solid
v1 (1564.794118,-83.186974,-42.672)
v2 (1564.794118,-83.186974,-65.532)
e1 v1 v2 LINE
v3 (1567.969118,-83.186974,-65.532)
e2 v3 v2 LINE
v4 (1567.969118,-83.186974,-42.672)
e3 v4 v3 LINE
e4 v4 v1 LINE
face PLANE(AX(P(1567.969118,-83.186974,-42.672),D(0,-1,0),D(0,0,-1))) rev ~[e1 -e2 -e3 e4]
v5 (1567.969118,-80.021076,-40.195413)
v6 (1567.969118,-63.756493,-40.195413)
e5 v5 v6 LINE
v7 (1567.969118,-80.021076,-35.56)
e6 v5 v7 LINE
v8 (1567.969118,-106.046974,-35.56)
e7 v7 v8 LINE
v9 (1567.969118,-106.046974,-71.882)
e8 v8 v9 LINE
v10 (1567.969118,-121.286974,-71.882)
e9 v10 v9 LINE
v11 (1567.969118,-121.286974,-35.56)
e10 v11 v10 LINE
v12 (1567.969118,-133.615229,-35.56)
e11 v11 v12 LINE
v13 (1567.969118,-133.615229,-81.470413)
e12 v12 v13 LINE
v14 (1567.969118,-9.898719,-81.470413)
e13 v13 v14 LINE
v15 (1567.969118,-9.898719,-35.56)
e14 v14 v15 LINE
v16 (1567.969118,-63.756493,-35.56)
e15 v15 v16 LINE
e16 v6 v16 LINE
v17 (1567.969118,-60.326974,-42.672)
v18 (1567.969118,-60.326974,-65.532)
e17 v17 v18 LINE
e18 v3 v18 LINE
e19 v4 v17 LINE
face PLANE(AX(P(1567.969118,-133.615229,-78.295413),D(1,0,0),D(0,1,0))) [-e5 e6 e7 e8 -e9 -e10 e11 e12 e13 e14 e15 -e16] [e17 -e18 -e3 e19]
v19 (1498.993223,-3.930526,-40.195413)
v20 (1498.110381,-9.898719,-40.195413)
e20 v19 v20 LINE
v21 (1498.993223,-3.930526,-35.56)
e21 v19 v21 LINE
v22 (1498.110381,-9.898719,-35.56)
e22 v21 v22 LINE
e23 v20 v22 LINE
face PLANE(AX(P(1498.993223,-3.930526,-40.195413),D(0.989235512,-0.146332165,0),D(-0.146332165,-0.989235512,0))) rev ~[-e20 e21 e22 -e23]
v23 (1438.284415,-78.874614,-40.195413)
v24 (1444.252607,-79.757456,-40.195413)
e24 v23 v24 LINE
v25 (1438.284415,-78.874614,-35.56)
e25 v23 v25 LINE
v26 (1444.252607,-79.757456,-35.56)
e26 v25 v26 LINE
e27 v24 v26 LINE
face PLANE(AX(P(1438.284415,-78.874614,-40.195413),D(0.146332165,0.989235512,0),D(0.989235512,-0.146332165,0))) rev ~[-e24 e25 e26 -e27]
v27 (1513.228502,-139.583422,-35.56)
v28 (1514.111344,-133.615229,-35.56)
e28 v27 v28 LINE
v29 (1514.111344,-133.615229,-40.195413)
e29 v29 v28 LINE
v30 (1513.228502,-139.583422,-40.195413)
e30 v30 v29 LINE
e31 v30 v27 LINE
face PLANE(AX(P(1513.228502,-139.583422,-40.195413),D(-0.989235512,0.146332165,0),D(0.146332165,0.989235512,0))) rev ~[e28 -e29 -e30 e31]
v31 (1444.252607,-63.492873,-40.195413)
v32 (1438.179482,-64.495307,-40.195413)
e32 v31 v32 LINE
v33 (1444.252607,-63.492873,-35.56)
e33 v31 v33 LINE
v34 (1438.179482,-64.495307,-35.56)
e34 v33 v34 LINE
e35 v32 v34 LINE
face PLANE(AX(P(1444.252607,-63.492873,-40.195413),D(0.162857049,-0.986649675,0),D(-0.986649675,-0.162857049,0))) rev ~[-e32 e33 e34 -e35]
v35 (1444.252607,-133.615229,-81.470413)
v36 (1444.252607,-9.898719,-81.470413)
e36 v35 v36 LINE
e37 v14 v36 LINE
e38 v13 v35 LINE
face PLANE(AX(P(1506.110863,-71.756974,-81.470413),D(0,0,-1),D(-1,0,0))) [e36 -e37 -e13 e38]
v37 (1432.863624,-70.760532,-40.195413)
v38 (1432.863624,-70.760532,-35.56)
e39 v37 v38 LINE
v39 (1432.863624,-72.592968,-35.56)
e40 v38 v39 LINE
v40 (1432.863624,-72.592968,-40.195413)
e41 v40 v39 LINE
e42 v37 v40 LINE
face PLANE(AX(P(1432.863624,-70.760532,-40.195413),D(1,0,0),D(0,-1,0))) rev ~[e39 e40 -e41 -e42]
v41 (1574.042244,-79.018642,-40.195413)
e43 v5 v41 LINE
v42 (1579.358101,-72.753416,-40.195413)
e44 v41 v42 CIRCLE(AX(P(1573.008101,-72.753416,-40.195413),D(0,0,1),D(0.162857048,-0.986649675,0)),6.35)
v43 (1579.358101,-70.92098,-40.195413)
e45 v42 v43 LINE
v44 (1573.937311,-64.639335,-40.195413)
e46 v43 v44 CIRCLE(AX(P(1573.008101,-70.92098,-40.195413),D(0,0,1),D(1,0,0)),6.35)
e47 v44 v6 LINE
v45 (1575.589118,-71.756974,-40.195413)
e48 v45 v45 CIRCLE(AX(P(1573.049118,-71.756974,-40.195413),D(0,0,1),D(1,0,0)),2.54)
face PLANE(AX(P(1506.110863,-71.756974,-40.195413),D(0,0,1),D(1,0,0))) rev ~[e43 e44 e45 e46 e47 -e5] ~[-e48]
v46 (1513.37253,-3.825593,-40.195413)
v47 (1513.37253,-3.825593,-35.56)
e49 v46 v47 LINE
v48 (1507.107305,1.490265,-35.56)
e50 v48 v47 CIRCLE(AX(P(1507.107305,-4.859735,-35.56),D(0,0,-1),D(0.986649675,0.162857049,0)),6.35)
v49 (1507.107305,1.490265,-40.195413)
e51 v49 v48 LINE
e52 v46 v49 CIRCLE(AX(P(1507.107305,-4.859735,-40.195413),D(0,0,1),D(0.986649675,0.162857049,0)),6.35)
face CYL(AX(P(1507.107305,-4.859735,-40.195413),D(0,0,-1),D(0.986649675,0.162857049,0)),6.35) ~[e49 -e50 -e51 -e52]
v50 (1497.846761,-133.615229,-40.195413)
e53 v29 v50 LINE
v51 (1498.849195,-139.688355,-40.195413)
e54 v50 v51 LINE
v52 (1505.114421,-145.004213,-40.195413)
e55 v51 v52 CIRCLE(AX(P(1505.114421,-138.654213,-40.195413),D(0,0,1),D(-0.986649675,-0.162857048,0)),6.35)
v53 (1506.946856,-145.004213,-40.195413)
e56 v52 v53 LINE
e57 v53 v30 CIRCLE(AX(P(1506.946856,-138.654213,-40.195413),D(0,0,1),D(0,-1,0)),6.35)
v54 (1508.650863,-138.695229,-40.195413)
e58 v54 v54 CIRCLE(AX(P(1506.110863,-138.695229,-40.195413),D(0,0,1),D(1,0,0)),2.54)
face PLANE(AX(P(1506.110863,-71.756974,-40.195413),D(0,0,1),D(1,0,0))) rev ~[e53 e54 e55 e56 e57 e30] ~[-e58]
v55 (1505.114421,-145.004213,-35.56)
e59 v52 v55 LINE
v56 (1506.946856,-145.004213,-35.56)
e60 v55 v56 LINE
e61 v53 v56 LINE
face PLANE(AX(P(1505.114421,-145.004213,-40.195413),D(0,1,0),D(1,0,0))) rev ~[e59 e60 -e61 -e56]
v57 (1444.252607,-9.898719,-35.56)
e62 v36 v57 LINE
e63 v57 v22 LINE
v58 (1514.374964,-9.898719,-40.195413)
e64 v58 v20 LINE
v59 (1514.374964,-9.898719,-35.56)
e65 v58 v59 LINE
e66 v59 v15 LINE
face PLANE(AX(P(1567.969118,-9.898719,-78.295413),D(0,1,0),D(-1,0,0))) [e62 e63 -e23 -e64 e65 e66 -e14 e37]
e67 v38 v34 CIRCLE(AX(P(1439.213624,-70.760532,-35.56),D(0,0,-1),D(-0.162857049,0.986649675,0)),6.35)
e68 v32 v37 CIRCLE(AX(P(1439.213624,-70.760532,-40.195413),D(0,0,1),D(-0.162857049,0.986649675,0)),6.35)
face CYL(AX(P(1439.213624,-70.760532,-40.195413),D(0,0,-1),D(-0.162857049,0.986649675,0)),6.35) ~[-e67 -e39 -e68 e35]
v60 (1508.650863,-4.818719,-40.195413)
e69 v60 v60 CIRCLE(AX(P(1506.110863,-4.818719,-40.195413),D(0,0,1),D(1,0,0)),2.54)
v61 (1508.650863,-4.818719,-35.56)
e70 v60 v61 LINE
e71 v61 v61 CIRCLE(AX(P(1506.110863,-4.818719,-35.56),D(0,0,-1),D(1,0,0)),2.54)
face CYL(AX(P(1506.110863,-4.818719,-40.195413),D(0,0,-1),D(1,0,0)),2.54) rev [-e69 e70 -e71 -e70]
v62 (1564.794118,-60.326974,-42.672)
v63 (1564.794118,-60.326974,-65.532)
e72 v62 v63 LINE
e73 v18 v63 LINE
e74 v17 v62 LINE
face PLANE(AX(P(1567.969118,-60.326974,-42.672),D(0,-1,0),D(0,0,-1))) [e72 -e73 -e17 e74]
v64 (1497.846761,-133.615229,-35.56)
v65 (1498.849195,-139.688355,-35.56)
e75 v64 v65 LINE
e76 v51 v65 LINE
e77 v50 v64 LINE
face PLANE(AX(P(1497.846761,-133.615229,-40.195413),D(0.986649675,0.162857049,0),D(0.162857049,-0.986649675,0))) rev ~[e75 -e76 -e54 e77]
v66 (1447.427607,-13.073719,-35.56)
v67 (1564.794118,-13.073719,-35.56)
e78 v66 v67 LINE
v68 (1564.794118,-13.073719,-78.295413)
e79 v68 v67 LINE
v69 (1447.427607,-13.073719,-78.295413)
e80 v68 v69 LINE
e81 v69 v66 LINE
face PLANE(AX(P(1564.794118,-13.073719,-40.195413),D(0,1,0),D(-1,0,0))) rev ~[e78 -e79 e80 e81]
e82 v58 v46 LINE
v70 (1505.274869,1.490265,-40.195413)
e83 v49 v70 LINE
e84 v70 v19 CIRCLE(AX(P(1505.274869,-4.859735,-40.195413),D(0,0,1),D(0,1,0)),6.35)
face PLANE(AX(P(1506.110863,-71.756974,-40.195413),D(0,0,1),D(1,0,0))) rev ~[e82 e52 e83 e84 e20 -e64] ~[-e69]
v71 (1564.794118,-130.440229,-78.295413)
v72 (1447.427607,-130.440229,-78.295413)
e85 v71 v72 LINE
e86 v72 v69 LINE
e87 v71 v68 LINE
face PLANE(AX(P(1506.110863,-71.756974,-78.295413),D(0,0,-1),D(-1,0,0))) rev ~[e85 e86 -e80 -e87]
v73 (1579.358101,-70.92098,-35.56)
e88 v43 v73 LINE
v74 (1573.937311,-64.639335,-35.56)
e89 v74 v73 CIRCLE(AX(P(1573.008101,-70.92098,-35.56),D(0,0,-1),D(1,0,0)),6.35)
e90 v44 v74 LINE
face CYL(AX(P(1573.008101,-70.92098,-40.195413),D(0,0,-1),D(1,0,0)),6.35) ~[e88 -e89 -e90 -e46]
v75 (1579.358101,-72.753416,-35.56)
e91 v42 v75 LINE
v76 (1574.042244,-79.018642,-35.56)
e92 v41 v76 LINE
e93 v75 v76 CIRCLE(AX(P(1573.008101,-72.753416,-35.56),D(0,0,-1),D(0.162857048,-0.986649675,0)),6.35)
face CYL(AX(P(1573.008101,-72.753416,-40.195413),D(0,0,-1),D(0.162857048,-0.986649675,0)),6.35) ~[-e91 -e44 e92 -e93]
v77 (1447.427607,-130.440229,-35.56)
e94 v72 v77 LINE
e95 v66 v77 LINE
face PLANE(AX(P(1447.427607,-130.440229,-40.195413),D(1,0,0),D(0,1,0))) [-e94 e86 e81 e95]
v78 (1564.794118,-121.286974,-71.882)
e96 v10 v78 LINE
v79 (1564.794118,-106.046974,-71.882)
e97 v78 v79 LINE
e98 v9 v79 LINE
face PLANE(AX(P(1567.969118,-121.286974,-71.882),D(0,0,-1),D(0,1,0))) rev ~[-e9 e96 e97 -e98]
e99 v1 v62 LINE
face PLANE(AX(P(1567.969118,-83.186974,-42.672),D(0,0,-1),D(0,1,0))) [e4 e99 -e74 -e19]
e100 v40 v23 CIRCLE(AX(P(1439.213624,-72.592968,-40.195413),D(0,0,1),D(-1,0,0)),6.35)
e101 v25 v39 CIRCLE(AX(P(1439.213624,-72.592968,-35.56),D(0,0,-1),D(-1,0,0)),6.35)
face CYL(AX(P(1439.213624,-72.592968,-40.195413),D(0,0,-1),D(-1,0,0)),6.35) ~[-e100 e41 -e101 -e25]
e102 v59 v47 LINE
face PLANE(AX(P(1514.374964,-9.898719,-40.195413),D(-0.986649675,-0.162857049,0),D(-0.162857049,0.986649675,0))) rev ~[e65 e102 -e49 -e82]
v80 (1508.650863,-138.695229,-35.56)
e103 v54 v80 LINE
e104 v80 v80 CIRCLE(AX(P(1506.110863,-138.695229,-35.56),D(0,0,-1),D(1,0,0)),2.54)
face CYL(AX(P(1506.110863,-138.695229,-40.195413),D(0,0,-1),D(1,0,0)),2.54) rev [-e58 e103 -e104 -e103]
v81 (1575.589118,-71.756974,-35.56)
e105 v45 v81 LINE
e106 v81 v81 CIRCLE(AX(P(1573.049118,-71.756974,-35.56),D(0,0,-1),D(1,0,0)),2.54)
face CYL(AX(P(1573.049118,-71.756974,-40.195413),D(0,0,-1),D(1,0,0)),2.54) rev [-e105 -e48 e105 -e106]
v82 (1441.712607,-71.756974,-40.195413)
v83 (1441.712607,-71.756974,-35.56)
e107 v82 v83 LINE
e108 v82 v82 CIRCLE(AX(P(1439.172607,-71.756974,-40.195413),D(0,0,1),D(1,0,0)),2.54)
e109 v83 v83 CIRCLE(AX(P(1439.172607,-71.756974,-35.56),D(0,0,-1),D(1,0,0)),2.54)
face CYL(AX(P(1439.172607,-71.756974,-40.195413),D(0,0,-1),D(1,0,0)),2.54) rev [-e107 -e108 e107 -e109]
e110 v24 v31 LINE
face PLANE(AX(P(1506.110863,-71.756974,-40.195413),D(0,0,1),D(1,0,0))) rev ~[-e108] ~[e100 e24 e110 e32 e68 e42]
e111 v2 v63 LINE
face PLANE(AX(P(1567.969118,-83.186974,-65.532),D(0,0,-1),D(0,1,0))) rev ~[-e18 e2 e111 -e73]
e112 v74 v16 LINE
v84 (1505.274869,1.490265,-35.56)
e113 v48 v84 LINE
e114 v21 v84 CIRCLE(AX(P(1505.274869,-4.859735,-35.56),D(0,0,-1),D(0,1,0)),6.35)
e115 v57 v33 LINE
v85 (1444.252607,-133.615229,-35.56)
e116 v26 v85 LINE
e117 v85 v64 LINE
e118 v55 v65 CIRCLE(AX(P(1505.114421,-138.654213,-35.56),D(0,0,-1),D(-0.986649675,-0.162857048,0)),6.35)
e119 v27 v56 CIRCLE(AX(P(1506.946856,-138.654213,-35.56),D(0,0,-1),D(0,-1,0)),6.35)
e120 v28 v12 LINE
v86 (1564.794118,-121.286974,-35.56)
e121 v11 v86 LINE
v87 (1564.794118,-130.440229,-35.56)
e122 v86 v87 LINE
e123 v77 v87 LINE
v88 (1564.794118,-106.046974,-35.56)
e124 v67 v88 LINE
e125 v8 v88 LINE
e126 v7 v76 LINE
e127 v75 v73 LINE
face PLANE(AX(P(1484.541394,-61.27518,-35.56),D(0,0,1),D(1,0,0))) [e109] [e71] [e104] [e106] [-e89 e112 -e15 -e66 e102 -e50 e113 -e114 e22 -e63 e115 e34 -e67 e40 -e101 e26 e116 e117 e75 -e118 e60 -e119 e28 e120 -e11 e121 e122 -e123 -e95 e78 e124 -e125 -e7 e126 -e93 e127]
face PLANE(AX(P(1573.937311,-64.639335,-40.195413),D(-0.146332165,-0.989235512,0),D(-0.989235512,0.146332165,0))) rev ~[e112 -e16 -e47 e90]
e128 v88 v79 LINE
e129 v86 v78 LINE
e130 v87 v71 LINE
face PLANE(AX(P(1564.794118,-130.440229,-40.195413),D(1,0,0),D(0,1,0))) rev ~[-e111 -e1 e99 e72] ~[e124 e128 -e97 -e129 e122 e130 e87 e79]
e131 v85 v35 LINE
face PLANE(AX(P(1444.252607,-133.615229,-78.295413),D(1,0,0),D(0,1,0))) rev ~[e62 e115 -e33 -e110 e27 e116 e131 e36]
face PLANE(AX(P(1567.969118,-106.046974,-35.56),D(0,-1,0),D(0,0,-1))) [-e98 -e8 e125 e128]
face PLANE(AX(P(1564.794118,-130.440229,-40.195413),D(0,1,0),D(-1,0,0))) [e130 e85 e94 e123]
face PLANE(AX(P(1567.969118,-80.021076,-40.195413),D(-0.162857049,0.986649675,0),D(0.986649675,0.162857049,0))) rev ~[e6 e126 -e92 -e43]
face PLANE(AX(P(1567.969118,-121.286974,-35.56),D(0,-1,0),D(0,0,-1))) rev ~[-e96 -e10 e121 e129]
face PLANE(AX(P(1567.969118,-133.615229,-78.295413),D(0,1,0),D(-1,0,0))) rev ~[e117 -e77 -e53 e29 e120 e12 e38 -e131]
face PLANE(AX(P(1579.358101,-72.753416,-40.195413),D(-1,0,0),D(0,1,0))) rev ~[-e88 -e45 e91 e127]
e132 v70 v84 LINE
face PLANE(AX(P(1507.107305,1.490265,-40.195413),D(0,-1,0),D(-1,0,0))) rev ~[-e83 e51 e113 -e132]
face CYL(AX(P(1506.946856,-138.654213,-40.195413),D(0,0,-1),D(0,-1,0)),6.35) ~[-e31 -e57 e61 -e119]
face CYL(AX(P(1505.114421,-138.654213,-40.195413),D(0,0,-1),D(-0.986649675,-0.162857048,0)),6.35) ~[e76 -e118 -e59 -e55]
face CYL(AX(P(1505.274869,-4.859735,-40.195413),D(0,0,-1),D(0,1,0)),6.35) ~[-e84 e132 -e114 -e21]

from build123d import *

# Parameters (mm, degrees)
BOSS_EXTRUDE1_START = -40.195413
SKETCH2_R           = 2.54
SKETCH2_W           = 117.366510392
SKETCH2_H           = 117.366510392
BOSS_EXTRUDE1_DEPTH = 40.195413
SKETCH8_W           = 123.716510392
SKETCH8_H           = 123.716510392
SKETCH8_W_2         = 117.366510392
SKETCH8_H_2         = 117.366510392
BOSS_EXTRUDE6_DEPTH = 38.1
SKETCH9_W           = 123.716510392
SKETCH9_H           = 123.716510392
BOSS_EXTRUDE7_DEPTH = 3.175
SKETCH11_W          = 203.085481381
SKETCH11_H          = 253.856851726
CUT_EXTRUDE3_DEPTH  = 35.56
SKETCH14_W          = 36.322
SKETCH14_H          = 15.24
SKETCH14_W_2        = 22.86
SKETCH14_H_2        = 22.86
CUT_EXTRUDE4_DEPTH  = 12.7


with BuildPart() as part:
    # Sketch2 → Boss-Extrude1 (new body)
    with BuildSketch(Plane.XY.offset(BOSS_EXTRUDE1_START)):
        with BuildLine():
            Line((1514.374964129, -9.898719074), (1513.372529957, -3.825593235))
            ThreePointArc((1513.372529957, -3.825593235), (1511.215570373, -0.017767746), (1507.107304519, 1.490264506))
            Line((1507.107304519, 1.490264506), (1506.145090959, 1.490264506))
            Line((1506.145090959, 1.490264506), (1505.274868714, 1.490264506))
            ThreePointArc((1505.274868714, 1.490264506), (1501.126253206, -0.052294453), (1498.993223216, -3.930526246))
            Line((1498.993223216, -3.930526246), (1498.110381295, -9.898719074))
            Line((1498.110381295, -9.898719074), (1494.935381295, -9.898719074))
            Line((1494.935381295, -9.898719074), (1444.2526074, -9.898719074))
            Line((1444.2526074, -9.898719074), (1444.2526074, -59.236149034))
            Line((1444.2526074, -59.236149034), (1444.2526074, -63.492872737))
            Line((1444.2526074, -63.492872737), (1438.179481561, -64.495306909))
            ThreePointArc((1438.179481561, -64.495306909), (1434.371656072, -66.652266493), (1432.86362382, -70.760532347))
            Line((1432.86362382, -70.760532347), (1432.86362382, -71.722745907))
            Line((1432.86362382, -71.722745907), (1432.86362382, -72.592968152))
            ThreePointArc((1432.86362382, -72.592968152), (1434.406182779, -76.74158366), (1438.284414571, -78.874613651))
            Line((1438.284414571, -78.874613651), (1444.2526074, -79.757455571))
            Line((1444.2526074, -79.757455571), (1444.2526074, -82.932455571))
            Line((1444.2526074, -82.932455571), (1444.2526074, -133.615229466))
            Line((1444.2526074, -133.615229466), (1493.590037359, -133.615229466))
            Line((1493.590037359, -133.615229466), (1497.846761063, -133.615229466))
            Line((1497.846761063, -133.615229466), (1498.849195235, -139.688355305))
            ThreePointArc((1498.849195235, -139.688355305), (1501.006154818, -143.496180794), (1505.114420673, -145.004213046))
            Line((1505.114420673, -145.004213046), (1506.076634233, -145.004213046))
            Line((1506.076634233, -145.004213046), (1506.946856478, -145.004213046))
            ThreePointArc((1506.946856478, -145.004213046), (1511.095471986, -143.461654087), (1513.228501976, -139.583422295))
            Line((1513.228501976, -139.583422295), (1514.111343897, -133.615229466))
            Line((1514.111343897, -133.615229466), (1517.286343897, -133.615229466))
            Line((1517.286343897, -133.615229466), (1567.969117792, -133.615229466))
            Line((1567.969117792, -133.615229466), (1567.969117792, -84.277799507))
            Line((1567.969117792, -84.277799507), (1567.969117792, -80.021075803))
            Line((1567.969117792, -80.021075803), (1574.042243631, -79.018641631))
            ThreePointArc((1574.042243631, -79.018641631), (1577.85006912, -76.861682048), (1579.358101372, -72.753416193))
            Line((1579.358101372, -72.753416193), (1579.358101372, -71.791202633))
            Line((1579.358101372, -71.791202633), (1579.358101372, -70.920980388))
            ThreePointArc((1579.358101372, -70.920980388), (1577.815542413, -66.77236488), (1573.93731062, -64.63933489))
            Line((1573.93731062, -64.63933489), (1567.969117792, -63.756492969))
            Line((1567.969117792, -63.756492969), (1567.969117792, -60.581492969))
            Line((1567.969117792, -60.581492969), (1567.969117792, -9.898719074))
            Line((1567.969117792, -9.898719074), (1518.631687833, -9.898719074))
            Line((1518.631687833, -9.898719074), (1514.374964129, -9.898719074))
        make_face()
        with Locations((1506.110862596, -138.695229466)):
            Circle(SKETCH2_R, mode=Mode.SUBTRACT)
        with Locations((1439.1726074, -71.75697427)):
            Circle(SKETCH2_R, mode=Mode.SUBTRACT)
        with Locations((1506.110862596, -71.75697427)):
            Rectangle(SKETCH2_W, SKETCH2_H, mode=Mode.SUBTRACT)
        with Locations((1506.110862596, -4.818719074)):
            Circle(SKETCH2_R, mode=Mode.SUBTRACT)
        with Locations((1573.049117792, -71.75697427)):
            Circle(SKETCH2_R, mode=Mode.SUBTRACT)
    extrude(amount=BOSS_EXTRUDE1_DEPTH)

    # Sketch8 → Boss-Extrude6 (add)
    with BuildSketch(Plane(origin=(0, 0, -40.195413), x_dir=(-1, 0, 0), z_dir=(0, 0, -1))):
        with Locations((-1506.110862596, -71.75697427)):
            Rectangle(SKETCH8_W, SKETCH8_H)
        with Locations((-1506.110862596, -71.75697427)):
            Rectangle(SKETCH8_W_2, SKETCH8_H_2, mode=Mode.SUBTRACT)
    extrude(amount=BOSS_EXTRUDE6_DEPTH)

    # Sketch9 → Boss-Extrude7 (add)
    with BuildSketch(Plane(origin=(0, 0, -78.295413), x_dir=(-1, 0, 0), z_dir=(0, 0, -1))):
        with Locations((-1506.110862596, -71.75697427)):
            Rectangle(SKETCH9_W, SKETCH9_H)
    extrude(amount=BOSS_EXTRUDE7_DEPTH)

    # Sketch11 → Cut-Extrude3 (cut)
    with BuildSketch(Plane.XY):
        with Locations((1484.541394478, -61.275179675)):
            Rectangle(SKETCH11_W, SKETCH11_H)
    extrude(amount=-CUT_EXTRUDE3_DEPTH, mode=Mode.SUBTRACT)

    # Sketch14 → Cut-Extrude4 (cut)
    with BuildSketch(Plane(origin=(1567.969117792, 0, 0), x_dir=(0, 0, -1), z_dir=(1, 0, 0))):
        with Locations((53.721, -113.66697427)):
            Rectangle(SKETCH14_W, SKETCH14_H)
        with Locations((54.102, -71.75697427)):
            Rectangle(SKETCH14_W_2, SKETCH14_H_2)
    extrude(amount=-CUT_EXTRUDE4_DEPTH, mode=Mode.SUBTRACT)


solid = part.part
